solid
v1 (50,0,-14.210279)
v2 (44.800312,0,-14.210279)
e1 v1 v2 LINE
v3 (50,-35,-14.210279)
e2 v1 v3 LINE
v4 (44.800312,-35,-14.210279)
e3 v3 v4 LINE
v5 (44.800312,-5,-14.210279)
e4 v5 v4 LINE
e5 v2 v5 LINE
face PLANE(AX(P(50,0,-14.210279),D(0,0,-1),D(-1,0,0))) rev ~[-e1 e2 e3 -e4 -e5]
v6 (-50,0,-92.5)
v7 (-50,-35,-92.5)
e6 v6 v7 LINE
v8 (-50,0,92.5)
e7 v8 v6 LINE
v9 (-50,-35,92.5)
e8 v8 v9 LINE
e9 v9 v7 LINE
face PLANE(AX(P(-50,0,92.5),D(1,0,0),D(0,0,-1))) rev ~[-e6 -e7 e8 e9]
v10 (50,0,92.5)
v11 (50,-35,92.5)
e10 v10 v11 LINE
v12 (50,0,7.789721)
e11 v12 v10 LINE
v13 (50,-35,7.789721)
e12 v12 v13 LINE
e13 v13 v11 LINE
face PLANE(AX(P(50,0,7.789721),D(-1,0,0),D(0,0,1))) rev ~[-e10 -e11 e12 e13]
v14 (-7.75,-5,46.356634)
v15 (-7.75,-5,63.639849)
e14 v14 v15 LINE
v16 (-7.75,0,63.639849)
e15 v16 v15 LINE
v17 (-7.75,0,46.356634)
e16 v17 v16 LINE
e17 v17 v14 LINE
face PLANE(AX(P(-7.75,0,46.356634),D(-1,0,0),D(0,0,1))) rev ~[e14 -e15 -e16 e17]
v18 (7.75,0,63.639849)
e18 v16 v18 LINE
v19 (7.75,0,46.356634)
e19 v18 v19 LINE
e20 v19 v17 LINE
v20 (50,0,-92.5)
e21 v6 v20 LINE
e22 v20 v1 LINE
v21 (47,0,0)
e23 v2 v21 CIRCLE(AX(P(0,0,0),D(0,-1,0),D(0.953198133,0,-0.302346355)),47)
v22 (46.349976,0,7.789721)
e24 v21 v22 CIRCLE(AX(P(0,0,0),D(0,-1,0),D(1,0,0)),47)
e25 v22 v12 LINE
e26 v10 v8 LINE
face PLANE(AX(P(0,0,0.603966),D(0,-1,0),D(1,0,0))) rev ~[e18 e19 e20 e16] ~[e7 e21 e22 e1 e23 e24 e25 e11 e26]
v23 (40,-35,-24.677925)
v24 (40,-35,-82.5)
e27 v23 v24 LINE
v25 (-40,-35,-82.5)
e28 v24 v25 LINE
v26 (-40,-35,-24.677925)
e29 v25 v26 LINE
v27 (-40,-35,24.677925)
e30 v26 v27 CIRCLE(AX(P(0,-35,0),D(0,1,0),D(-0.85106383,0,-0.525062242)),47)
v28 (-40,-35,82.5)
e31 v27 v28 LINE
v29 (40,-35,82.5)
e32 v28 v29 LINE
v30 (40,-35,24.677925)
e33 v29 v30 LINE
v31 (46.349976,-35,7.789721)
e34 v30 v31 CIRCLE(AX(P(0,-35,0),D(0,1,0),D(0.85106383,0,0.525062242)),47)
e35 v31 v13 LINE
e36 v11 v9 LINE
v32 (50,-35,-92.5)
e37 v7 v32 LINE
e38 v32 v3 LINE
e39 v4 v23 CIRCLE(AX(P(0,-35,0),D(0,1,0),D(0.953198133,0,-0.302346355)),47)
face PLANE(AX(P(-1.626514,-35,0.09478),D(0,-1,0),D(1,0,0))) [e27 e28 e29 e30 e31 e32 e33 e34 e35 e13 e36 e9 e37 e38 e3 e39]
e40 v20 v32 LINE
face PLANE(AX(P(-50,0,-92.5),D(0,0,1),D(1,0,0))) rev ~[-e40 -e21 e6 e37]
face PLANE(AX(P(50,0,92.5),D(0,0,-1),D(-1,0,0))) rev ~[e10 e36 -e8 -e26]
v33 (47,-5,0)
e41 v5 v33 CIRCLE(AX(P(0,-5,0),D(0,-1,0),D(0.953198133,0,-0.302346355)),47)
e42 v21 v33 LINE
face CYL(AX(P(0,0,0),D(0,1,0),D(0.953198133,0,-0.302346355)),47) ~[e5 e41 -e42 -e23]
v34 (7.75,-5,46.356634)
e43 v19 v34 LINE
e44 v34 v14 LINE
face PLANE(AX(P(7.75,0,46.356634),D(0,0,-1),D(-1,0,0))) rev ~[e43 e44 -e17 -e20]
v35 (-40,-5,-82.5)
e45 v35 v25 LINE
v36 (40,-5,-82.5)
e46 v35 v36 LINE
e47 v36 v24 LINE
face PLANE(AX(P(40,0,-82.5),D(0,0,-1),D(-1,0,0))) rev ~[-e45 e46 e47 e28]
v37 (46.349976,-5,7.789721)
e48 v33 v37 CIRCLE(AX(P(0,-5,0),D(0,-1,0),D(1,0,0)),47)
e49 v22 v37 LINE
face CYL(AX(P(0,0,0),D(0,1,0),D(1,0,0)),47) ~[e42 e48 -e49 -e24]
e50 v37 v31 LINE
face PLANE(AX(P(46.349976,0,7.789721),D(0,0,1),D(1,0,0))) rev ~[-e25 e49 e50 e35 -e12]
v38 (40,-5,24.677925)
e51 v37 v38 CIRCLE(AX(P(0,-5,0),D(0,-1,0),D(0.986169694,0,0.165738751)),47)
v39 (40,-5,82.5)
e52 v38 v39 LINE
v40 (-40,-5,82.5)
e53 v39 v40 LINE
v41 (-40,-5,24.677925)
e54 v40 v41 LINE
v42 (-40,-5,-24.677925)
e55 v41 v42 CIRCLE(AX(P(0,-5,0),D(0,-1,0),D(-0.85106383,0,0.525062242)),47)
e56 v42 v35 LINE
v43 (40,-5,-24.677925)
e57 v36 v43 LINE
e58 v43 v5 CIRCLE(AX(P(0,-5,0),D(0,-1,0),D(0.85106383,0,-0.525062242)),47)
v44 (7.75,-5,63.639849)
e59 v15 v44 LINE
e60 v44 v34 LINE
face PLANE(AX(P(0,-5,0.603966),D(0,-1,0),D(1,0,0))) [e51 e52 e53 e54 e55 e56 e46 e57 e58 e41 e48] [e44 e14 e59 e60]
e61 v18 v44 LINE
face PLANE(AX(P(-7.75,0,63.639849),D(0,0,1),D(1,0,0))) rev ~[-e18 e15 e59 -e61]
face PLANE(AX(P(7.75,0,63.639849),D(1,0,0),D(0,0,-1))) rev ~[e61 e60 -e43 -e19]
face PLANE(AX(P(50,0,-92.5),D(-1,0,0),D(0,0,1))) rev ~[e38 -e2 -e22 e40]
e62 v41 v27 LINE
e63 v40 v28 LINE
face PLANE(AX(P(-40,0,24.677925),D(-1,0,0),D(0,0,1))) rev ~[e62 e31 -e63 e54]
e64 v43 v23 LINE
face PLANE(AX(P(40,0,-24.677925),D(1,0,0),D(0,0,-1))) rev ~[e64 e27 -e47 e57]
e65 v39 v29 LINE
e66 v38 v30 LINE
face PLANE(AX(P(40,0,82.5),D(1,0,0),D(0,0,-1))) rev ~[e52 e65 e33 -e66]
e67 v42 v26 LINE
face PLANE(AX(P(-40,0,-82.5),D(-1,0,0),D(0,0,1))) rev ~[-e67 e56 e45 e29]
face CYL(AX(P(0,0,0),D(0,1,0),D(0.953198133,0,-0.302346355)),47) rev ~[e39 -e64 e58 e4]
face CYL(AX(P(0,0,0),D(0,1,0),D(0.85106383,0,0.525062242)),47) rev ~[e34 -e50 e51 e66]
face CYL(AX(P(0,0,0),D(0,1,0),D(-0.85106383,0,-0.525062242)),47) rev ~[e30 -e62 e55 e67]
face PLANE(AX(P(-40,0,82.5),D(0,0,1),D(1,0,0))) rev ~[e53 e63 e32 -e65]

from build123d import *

# Parameters (mm, degrees)
F1_DEPTH = 35
F2_DEPTH = 5


with BuildPart() as f1:
    # F0 (on Front) → F1 (new body)
    with BuildSketch(Plane.XZ):
        with BuildLine():
            Line((40, -24.6779253585), (40, -82.5))
            Line((40, -82.5), (-40, -82.5))
            Line((-40, -82.5), (-40, -24.6779253585))
            ThreePointArc((-40, -24.6779253585), (-47, 0), (-40, 24.6779253585))
            Line((-40, 24.6779253585), (-40, 82.5))
            Line((-40, 82.5), (40, 82.5))
            Line((40, 82.5), (40, 24.6779253585))
            ThreePointArc((40, 24.6779253585), (43.9929816254, 16.5413895338), (46.3499756409, 7.7897213101))
            Line((46.3499756409, 7.7897213101), (50, 7.7897213101))
            Line((50, 7.7897213101), (50, 92.5))
            Line((50, 92.5), (-50, 92.5))
            Line((-50, 92.5), (-50, -92.5))
            Line((-50, -92.5), (50, -92.5))
            Line((50, -92.5), (50, -14.2102786899))
            Line((50, -14.2102786899), (44.8003122707, -14.2102786899))
            ThreePointArc((44.8003122707, -14.2102786899), (42.7219632859, -19.5916781568), (40, -24.6779253585))
        make_face()
    extrude(amount=F1_DEPTH)

    # F0 (on Front) → F2 (join)
    with BuildSketch(Plane.XZ):
        with BuildLine():
            ThreePointArc((-40, -24.6779253585), (0, -47), (40, -24.6779253585))
            Line((40, -24.6779253585), (40, -14.2102786899))
            Line((40, -14.2102786899), (40, 7.7897213101))
            Line((40, 7.7897213101), (40, 24.6779253585))
            ThreePointArc((40, 24.6779253585), (26.2203589839, 39.0063171135), (7.75, 46.3566338295))
            Line((7.75, 46.3566338295), (-7.75, 46.3566338295))
            ThreePointArc((-7.75, 46.3566338295), (-26.2203589839, 39.0063171135), (-40, 24.6779253585))
            Line((-40, 24.6779253585), (-40, -24.6779253585))
        make_face()
        with BuildLine():
            Line((-40, -82.5), (40, -82.5))
            Line((40, -82.5), (40, -24.6779253585))
            ThreePointArc((40, -24.6779253585), (0, -47), (-40, -24.6779253585))
            Line((-40, -24.6779253585), (-40, -82.5))
        make_face()
        with BuildLine():
            Line((40, -14.2102786899), (40, -24.6779253585))
            ThreePointArc((40, -24.6779253585), (42.7219632859, -19.5916781568), (44.8003122707, -14.2102786899))
            Line((44.8003122707, -14.2102786899), (40, -14.2102786899))
        make_face()
        with BuildLine():
            Line((-40, 82.5), (-40, 24.6779253585))
            ThreePointArc((-40, 24.6779253585), (-26.2203589839, 39.0063171135), (-7.75, 46.3566338295))
            Line((-7.75, 46.3566338295), (-7.75, 63.6398490761))
            Line((-7.75, 63.6398490761), (7.75, 63.6398490761))
            Line((7.75, 63.6398490761), (7.75, 46.3566338295))
            ThreePointArc((7.75, 46.3566338295), (26.2203589839, 39.0063171135), (40, 24.6779253585))
            Line((40, 24.6779253585), (40, 82.5))
            Line((40, 82.5), (-40, 82.5))
        make_face()
        with BuildLine():
            ThreePointArc((-40, 24.6779253585), (-47, 0), (-40, -24.6779253585))
            Line((-40, -24.6779253585), (-40, 24.6779253585))
        make_face()
        with BuildLine():
            Line((40, 24.6779253585), (40, 7.7897213101))
            Line((40, 7.7897213101), (46.3499756409, 7.7897213101))
            ThreePointArc((46.3499756409, 7.7897213101), (43.9929816254, 16.5413895338), (40, 24.6779253585))
        make_face()
        with BuildLine():
            Line((40, 7.7897213101), (40, -14.2102786899))
            Line((40, -14.2102786899), (44.8003122707, -14.2102786899))
            ThreePointArc((44.8003122707, -14.2102786899), (46.4468226939, -7.1897608888), (47, 0))
            ThreePointArc((47, 0), (46.837211996, 3.9083976818), (46.3499756409, 7.7897213101))
            Line((46.3499756409, 7.7897213101), (40, 7.7897213101))
        make_face()
    extrude(amount=F2_DEPTH)


solid = f1.part
